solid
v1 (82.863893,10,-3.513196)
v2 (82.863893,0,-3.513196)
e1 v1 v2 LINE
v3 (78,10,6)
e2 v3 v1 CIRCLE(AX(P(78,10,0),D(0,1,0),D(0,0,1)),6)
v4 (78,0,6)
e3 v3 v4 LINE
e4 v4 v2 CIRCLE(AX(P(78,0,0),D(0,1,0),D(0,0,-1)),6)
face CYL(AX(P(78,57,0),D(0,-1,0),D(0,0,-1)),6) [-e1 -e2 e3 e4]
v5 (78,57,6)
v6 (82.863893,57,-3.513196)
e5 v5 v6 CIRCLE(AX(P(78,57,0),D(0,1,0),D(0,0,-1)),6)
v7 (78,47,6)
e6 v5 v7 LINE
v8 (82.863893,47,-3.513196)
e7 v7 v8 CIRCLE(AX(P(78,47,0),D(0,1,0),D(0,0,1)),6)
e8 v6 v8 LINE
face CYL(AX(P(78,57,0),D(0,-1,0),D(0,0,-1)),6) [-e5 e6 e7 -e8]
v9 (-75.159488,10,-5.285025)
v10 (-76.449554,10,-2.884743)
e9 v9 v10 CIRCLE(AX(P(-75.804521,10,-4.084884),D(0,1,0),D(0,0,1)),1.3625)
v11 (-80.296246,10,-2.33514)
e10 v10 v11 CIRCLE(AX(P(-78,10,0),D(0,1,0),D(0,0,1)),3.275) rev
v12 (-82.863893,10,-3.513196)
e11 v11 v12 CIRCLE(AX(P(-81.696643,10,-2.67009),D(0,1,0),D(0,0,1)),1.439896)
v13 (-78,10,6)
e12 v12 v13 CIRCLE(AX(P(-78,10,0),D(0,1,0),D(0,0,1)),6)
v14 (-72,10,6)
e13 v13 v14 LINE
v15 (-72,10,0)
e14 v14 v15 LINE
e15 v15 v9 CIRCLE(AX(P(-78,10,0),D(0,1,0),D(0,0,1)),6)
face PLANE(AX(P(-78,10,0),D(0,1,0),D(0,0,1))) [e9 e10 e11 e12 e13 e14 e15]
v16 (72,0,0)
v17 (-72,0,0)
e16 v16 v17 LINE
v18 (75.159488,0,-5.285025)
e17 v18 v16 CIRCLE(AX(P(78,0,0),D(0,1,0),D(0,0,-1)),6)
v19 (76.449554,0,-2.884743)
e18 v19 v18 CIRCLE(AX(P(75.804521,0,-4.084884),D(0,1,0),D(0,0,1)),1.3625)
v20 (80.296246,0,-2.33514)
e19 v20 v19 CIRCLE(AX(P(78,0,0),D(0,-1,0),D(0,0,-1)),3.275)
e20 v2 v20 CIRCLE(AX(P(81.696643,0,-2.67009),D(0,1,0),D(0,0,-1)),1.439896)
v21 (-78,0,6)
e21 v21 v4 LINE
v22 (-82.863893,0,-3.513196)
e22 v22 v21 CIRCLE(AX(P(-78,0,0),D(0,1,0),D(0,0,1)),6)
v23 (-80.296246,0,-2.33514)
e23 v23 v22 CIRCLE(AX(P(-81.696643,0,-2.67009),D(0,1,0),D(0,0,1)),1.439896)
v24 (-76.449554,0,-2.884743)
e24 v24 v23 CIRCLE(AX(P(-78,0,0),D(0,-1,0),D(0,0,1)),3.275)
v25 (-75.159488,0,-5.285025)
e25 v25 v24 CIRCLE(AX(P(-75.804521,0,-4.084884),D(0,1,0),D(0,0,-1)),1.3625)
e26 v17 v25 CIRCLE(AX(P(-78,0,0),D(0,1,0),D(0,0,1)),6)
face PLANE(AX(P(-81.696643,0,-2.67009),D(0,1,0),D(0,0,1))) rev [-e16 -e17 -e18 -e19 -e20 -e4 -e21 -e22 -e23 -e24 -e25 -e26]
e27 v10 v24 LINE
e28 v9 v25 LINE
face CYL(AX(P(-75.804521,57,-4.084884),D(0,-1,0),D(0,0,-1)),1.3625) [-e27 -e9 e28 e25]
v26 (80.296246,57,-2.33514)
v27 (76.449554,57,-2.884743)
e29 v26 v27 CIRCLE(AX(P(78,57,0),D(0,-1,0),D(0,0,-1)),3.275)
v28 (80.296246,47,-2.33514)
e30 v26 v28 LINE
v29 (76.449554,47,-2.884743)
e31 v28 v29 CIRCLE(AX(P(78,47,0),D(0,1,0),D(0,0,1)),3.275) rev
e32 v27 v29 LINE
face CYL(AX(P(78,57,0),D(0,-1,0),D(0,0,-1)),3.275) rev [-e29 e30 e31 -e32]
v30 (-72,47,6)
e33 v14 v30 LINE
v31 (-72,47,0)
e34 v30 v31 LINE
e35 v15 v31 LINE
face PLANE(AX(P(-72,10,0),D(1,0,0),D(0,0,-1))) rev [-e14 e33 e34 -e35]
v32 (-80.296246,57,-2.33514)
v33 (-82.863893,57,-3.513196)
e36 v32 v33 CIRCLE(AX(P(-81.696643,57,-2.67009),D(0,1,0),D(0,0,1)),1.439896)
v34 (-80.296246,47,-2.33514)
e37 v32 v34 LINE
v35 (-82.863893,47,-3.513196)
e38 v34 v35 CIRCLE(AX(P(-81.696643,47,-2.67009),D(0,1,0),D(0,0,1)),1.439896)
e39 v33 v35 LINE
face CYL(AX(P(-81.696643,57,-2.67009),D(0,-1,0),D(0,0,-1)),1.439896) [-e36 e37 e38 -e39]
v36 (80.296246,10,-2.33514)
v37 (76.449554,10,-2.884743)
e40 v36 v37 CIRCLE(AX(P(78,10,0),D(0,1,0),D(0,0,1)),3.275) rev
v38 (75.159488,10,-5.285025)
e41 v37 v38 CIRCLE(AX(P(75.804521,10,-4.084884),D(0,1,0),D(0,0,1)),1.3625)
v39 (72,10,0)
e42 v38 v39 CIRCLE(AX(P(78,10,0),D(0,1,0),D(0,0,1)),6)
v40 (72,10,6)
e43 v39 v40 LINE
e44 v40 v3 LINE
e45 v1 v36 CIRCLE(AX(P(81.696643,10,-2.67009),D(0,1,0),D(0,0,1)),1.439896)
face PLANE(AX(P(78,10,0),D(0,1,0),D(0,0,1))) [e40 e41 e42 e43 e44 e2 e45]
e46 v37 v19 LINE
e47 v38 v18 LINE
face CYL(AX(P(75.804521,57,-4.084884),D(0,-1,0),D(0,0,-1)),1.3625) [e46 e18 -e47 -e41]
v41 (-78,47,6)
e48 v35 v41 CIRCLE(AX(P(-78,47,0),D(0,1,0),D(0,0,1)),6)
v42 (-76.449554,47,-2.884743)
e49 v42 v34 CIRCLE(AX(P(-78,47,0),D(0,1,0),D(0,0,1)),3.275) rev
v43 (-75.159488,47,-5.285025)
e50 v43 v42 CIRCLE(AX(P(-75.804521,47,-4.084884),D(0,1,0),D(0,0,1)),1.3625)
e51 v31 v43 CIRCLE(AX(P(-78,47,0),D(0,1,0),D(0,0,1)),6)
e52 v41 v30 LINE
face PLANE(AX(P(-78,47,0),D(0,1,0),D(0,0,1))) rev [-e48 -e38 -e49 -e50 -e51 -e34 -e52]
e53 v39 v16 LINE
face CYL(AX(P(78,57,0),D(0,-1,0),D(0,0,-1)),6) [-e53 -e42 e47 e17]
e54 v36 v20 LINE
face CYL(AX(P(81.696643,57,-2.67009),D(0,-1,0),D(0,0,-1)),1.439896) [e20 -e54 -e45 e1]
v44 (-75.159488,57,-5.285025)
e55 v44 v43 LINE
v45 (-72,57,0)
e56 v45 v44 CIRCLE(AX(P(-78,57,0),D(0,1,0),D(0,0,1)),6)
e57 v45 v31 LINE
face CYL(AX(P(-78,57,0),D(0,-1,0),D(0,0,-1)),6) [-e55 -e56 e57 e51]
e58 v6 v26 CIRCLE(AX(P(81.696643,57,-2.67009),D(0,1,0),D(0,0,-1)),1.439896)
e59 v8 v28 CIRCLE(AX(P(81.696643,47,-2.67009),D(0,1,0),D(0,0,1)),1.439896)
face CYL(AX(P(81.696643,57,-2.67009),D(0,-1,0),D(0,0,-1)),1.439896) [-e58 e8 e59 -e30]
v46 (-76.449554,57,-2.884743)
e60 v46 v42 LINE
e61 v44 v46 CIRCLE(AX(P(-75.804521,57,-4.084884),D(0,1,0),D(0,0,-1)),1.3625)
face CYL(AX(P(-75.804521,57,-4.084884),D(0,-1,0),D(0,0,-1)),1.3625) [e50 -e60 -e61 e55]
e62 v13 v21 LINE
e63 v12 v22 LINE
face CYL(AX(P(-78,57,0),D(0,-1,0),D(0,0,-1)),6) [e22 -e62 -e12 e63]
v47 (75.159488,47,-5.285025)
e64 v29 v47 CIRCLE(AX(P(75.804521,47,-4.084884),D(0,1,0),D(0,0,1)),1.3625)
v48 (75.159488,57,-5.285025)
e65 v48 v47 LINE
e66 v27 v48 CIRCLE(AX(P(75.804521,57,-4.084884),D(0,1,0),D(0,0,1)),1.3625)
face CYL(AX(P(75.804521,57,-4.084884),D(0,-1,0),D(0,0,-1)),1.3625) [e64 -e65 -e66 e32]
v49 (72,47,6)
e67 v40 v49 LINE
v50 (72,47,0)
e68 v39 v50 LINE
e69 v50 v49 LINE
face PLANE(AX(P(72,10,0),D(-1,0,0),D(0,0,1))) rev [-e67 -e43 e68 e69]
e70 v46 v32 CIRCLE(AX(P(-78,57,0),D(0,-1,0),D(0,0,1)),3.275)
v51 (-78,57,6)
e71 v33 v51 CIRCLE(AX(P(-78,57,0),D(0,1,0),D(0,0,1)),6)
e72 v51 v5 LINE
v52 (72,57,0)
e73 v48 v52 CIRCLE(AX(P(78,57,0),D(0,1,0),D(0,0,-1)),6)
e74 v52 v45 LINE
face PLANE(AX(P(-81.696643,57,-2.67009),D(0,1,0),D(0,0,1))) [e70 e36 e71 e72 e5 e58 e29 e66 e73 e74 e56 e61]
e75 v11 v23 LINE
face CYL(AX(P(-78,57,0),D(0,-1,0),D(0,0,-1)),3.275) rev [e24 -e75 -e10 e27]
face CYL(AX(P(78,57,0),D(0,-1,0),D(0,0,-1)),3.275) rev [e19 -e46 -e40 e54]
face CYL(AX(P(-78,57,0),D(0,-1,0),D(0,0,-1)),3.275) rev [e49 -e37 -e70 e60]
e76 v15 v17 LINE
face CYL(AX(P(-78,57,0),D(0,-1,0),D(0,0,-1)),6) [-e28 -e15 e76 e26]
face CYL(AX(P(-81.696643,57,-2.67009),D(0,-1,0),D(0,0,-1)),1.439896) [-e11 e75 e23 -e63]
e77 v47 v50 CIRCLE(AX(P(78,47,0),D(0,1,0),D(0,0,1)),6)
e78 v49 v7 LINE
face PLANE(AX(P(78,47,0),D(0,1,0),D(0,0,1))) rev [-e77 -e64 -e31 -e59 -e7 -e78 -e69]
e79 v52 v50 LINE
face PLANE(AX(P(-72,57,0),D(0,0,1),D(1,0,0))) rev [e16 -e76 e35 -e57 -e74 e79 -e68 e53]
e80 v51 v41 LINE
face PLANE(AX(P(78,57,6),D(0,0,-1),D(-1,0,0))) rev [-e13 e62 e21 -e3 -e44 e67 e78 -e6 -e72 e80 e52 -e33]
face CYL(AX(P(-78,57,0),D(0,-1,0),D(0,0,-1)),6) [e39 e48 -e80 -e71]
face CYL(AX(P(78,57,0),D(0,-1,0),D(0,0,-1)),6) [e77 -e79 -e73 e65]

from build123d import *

# Parameters (mm, degrees)
RESSALTO_EXTRUS_O1_DEPTH = 57
CORTE_EXTRUS_O1_DEPTH    = 18.5


with BuildPart() as part:
    # Esboço1 → Ressalto-extrusão1 (new body)
    with BuildSketch(Plane(origin=(0, 0, 0), x_dir=(1, 0, 0), z_dir=(0, 1, 0))):
        with BuildLine():
            Line((-72, 0), (72, 0))
            ThreePointArc((72, 0), (72.85009345, 3.078711179), (75.159487509, 5.285024956))
            ThreePointArc((75.159487509, 5.285024956), (77.004661638, 4.729916917), (76.449553599, 2.884742789))
            ThreePointArc((76.449553599, 2.884742789), (77.536782743, -3.242075689), (80.296246294, 2.335139815))
            ThreePointArc((80.296246294, 2.335139815), (81.096189798, 3.978813584), (82.863892701, 3.513196237))
            ThreePointArc((82.863892701, 3.513196237), (83.342245662, -2.731375348), (78, -6))
            Line((78, -6), (-78, -6))
            ThreePointArc((-78, -6), (-83.342245662, -2.731375348), (-82.863892701, 3.513196237))
            ThreePointArc((-82.863892701, 3.513196237), (-81.096189798, 3.978813584), (-80.296246294, 2.335139815))
            ThreePointArc((-80.296246294, 2.335139815), (-77.536782743, -3.242075689), (-76.449553599, 2.884742789))
            ThreePointArc((-76.449553599, 2.884742789), (-77.004661638, 4.729916917), (-75.159487509, 5.285024956))
            ThreePointArc((-75.159487509, 5.285024956), (-72.85009345, 3.078711179), (-72, 0))
        make_face()
    extrude(amount=RESSALTO_EXTRUS_O1_DEPTH)

    # Esboço3 → Corte-extrusão1 (cut, symmetric)
    with BuildSketch(Plane(origin=(0, 28.5, 0), x_dir=(1, 0, 0), z_dir=(0, 1, 0))):
        with BuildLine():
            Line((-72, 0), (-72, -6))
            Line((-72, -6), (-78, -6))
            ThreePointArc((-78, -6), (-82.242640687, 4.242640687), (-72, 0))
        make_face()
        with BuildLine():
            Line((72, 0), (72, -6))
            Line((72, -6), (78, -6))
            ThreePointArc((78, -6), (82.242640687, 4.242640687), (72, 0))
        make_face()
    extrude(amount=CORTE_EXTRUS_O1_DEPTH, both=True, mode=Mode.SUBTRACT)


solid = part.part
